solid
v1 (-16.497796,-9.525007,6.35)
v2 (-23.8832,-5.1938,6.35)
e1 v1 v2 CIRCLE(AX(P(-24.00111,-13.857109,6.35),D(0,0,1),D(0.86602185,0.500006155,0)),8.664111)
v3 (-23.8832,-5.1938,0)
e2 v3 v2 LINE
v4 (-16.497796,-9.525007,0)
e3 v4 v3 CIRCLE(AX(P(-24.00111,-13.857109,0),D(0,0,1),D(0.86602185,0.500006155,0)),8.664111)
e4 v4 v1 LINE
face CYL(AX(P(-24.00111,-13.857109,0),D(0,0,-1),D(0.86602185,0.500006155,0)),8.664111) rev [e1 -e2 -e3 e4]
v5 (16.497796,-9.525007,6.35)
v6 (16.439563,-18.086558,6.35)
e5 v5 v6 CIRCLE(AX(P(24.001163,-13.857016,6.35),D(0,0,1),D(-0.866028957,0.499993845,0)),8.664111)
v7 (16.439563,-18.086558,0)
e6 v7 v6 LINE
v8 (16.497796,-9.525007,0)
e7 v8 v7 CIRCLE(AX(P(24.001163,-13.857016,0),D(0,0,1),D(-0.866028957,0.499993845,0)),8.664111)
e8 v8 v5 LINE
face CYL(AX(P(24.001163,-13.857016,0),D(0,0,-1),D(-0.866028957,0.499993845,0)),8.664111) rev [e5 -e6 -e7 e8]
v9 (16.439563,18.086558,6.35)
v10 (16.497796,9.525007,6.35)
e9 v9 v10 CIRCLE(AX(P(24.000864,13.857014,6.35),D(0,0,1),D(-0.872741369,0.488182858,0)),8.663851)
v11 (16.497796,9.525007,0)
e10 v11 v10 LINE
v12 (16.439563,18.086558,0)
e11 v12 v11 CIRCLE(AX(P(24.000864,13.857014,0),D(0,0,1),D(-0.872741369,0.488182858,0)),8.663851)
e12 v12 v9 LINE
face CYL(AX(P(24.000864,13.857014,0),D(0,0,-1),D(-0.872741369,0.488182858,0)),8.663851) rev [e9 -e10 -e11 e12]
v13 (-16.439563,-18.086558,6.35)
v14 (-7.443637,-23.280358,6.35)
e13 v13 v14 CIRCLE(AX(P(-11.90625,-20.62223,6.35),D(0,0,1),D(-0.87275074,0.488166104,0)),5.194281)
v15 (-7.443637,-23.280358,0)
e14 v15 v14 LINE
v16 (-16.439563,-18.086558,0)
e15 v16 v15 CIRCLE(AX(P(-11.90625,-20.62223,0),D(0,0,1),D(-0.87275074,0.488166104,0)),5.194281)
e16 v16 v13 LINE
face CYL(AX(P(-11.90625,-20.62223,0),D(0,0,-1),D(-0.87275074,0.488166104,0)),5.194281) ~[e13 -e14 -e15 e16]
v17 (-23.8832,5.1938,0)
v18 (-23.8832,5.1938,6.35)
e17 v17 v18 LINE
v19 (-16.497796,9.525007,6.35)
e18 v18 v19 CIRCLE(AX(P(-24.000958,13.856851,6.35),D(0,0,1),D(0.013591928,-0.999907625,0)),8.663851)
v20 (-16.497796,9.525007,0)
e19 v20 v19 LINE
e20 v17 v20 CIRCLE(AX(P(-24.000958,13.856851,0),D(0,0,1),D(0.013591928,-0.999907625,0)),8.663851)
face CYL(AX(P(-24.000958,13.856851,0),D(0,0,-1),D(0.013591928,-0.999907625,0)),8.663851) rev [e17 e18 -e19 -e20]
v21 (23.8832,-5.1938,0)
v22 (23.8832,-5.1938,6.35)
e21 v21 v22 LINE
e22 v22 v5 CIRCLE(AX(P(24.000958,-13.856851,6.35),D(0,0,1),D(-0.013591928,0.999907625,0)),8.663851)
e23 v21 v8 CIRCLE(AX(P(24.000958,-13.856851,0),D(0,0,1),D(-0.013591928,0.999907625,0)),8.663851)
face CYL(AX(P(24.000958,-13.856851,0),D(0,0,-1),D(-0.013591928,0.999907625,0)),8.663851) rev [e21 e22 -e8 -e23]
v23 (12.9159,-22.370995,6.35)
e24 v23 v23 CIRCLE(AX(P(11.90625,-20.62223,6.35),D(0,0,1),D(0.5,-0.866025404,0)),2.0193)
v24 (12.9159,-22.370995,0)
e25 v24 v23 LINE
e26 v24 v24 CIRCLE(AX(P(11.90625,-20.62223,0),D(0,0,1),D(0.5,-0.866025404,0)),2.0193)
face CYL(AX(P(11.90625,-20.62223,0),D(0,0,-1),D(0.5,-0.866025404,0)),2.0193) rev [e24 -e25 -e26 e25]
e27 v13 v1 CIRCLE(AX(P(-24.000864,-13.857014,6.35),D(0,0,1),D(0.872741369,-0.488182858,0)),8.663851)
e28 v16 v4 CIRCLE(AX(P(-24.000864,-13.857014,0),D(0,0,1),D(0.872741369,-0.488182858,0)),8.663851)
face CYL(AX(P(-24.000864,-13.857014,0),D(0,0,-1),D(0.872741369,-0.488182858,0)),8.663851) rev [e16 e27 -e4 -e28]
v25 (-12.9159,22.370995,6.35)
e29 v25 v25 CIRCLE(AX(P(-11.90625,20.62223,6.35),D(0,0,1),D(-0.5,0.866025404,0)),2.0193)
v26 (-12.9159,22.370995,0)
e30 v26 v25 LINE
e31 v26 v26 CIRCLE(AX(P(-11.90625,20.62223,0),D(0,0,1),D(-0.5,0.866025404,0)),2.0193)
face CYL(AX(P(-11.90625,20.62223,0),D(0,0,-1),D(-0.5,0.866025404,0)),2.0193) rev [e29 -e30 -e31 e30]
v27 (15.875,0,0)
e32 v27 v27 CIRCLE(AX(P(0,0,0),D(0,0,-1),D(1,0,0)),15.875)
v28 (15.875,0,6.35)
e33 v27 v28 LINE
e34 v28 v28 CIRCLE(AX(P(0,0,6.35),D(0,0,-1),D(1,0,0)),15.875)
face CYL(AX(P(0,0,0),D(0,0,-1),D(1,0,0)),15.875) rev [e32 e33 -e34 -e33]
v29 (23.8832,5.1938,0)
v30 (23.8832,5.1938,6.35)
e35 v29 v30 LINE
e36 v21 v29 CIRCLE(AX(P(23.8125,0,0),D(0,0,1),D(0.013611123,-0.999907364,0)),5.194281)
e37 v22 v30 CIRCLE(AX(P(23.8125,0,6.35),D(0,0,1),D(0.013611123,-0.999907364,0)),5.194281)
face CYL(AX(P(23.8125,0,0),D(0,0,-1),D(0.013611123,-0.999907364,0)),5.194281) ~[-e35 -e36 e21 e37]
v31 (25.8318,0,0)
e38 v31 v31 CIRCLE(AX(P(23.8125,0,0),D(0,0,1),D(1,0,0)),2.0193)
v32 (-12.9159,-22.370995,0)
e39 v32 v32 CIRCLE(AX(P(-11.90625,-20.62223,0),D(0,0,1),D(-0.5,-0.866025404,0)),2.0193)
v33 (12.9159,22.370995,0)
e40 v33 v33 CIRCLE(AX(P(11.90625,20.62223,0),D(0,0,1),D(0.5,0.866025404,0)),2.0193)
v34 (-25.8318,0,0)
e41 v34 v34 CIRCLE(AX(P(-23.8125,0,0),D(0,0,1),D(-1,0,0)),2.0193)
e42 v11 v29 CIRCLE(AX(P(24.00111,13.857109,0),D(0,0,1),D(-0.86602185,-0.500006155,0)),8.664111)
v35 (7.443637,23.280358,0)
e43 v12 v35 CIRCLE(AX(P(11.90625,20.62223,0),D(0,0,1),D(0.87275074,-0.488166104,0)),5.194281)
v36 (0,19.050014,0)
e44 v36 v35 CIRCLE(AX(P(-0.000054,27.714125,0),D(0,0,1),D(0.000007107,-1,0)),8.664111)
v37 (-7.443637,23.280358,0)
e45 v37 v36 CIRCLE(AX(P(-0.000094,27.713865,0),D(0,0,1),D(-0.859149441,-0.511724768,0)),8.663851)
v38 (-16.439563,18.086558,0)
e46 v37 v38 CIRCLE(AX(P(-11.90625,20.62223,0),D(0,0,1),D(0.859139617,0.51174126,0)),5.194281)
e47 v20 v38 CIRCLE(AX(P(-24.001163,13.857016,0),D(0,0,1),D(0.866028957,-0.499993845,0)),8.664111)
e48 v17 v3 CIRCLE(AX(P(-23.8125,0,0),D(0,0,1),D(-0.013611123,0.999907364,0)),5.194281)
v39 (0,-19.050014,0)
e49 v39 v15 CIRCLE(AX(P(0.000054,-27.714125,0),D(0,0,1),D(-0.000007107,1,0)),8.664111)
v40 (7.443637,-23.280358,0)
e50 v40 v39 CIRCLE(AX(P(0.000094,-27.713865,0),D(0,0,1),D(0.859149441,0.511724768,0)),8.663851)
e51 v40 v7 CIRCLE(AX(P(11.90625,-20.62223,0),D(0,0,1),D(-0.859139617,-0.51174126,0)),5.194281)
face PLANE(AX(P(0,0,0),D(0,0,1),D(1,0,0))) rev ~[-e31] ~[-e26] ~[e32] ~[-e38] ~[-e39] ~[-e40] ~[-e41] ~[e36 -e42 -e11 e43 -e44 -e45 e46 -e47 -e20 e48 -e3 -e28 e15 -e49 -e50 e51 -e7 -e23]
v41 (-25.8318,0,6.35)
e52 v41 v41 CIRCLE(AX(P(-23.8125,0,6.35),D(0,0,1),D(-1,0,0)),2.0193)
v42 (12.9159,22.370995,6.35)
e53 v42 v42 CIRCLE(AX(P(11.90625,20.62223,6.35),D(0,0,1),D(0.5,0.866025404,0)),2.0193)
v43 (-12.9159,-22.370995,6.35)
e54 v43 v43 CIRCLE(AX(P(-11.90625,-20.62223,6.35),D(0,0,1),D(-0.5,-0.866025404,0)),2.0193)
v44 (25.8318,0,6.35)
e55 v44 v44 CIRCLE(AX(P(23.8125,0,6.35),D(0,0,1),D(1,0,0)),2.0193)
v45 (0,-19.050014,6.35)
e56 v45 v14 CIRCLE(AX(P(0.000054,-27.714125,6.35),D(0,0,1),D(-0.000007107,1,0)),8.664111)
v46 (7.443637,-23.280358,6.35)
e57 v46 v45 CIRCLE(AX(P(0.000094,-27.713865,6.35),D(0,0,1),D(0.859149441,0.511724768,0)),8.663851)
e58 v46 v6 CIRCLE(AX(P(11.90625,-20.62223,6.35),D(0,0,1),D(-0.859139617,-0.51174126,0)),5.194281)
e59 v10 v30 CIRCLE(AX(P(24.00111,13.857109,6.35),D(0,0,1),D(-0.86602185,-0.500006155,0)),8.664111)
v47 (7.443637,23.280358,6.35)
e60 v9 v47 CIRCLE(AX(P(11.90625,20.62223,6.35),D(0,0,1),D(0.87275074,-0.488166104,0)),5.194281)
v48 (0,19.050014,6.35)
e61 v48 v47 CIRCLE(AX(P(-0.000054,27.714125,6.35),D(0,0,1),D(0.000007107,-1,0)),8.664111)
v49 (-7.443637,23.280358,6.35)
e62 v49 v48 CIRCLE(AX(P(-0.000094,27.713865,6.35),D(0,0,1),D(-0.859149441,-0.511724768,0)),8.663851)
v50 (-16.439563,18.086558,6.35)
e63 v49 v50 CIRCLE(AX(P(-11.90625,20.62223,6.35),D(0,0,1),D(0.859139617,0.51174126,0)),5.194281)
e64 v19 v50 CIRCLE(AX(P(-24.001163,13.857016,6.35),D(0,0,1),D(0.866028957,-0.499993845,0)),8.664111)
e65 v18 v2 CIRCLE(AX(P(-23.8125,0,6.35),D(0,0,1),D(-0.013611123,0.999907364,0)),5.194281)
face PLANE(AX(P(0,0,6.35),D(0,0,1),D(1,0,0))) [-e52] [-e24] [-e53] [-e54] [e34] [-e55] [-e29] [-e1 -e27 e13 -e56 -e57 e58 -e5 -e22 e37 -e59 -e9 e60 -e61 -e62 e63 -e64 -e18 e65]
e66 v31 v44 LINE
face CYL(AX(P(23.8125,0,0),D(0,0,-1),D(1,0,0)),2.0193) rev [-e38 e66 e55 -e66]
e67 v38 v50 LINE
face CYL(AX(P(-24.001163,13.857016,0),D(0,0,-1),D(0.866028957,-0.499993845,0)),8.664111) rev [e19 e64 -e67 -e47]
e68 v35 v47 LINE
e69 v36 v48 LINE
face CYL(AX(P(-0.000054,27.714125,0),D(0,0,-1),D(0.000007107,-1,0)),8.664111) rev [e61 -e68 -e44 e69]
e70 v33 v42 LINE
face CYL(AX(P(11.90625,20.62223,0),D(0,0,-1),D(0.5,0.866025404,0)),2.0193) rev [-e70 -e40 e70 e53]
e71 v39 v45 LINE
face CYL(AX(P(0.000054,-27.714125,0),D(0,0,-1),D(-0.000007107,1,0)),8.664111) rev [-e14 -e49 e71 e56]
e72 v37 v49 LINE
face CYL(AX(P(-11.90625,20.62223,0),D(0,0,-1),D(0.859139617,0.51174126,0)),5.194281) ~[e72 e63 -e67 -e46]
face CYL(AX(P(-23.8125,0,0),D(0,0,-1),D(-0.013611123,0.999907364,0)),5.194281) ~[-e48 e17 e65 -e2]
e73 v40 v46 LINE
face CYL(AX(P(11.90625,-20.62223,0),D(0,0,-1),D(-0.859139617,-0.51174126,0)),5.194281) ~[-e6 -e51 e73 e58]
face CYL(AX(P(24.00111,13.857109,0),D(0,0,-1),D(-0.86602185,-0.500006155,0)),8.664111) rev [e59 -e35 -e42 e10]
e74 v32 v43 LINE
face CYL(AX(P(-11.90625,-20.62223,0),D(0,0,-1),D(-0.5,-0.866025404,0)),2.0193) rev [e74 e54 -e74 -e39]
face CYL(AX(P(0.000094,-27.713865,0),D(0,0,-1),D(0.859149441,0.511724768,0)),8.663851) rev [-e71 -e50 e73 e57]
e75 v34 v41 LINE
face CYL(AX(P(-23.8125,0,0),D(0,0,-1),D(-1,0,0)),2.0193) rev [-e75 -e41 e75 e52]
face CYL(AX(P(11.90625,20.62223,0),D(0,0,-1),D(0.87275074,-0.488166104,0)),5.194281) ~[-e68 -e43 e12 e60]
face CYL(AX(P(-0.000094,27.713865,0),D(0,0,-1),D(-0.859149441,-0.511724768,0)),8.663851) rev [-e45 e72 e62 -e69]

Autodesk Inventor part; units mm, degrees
ref_plane "YZ Plane" through (0, 0, 0) normal (1, 0, 0) x (0, 1, 0)
ref_plane "XZ Plane" through (0, 0, 0) normal (0, 1, 0) x (-1, 0, 0)
ref_plane "XY Plane" through (0, 0, 0) normal (0, 0, 1) x (1, 0, 0)
sketch "Sketch1" plane through (0, 0, 0) normal (0, 0, 1) x (1, 0, 0)
  circle A0 centre (0, 0) radius 19.05
  circle A1 centre (23.8125, 0) radius 2.0193
  arc A2 (23.8832, -5.1938) -> (23.8832, 5.1938) centre (23.8125, 0) ccw
  arc A3 (16.4978, 9.525) -> (23.8832, 5.1938) centre (24.001, 13.857) ccw
  arc A4 (23.8832, -5.1938) -> (16.4978, -9.525) centre (24.001, -13.857) ccw
  circle A5 centre (11.9063, 20.6222) radius 2.0193
  arc A6 (16.4396, 18.0865) -> (7.4436, 23.2803) centre (11.9063, 20.6222) ccw
  arc A7 (0, 19.05) -> (7.4436, 23.2803) centre (0, 27.714) ccw
  arc A8 (16.4396, 18.0865) -> (16.4978, 9.525) centre (24.001, 13.857) ccw
  circle A9 centre (-11.9062, 20.6222) radius 2.0193
  arc A10 (-7.4436, 23.2803) -> (-16.4396, 18.0865) centre (-11.9062, 20.6222) ccw
  arc A11 (-16.4978, 9.525) -> (-16.4396, 18.0865) centre (-24.001, 13.857) ccw
  arc A12 (-7.4436, 23.2803) -> (0, 19.05) centre (0, 27.714) ccw
  circle A13 centre (-23.8125, 0) radius 2.0193
  arc A14 (-23.8832, 5.1938) -> (-23.8832, -5.1938) centre (-23.8125, 0) ccw
  arc A15 (-16.4978, -9.525) -> (-23.8832, -5.1938) centre (-24.001, -13.857) ccw
  arc A16 (-23.8832, 5.1938) -> (-16.4978, 9.525) centre (-24.001, 13.857) ccw
  circle A17 centre (-11.9063, -20.6222) radius 2.0193
  arc A18 (-16.4396, -18.0865) -> (-7.4436, -23.2803) centre (-11.9063, -20.6222) ccw
  arc A19 (0, -19.05) -> (-7.4436, -23.2803) centre (0, -27.714) ccw
  arc A20 (-16.4396, -18.0865) -> (-16.4978, -9.525) centre (-24.001, -13.857) ccw
  circle A21 centre (11.9062, -20.6222) radius 2.0193
  arc A22 (7.4436, -23.2803) -> (16.4396, -18.0865) centre (11.9062, -20.6222) ccw
  arc A23 (16.4978, -9.525) -> (16.4396, -18.0865) centre (24.001, -13.857) ccw
  arc A24 (7.4436, -23.2803) -> (0, -19.05) centre (0, -27.714) ccw
  circle A25 centre (0, 0) radius 15.875
  dimension "d0" = 38.1
  dimension "d1" = 4.0386
  dimension "d2" = 3.175
  dimension "d3" = 23.8125
  dimension "d4" = 8.664
  dimension "d7" = 360
  dimension "d9" = 31.75
extrude "Extrusion1" add sketch "Sketch1" along normal blind 6.35 contours A0 | A0 A3 A2 A4
pattern_circular "Circular Pattern1" count 6 over 360 about axis through (0, 0, 0) along (0, 0, 1) of "Extrusion1"
properties part number "Standardized Plate Spacer" material "Aluminum 6061"
